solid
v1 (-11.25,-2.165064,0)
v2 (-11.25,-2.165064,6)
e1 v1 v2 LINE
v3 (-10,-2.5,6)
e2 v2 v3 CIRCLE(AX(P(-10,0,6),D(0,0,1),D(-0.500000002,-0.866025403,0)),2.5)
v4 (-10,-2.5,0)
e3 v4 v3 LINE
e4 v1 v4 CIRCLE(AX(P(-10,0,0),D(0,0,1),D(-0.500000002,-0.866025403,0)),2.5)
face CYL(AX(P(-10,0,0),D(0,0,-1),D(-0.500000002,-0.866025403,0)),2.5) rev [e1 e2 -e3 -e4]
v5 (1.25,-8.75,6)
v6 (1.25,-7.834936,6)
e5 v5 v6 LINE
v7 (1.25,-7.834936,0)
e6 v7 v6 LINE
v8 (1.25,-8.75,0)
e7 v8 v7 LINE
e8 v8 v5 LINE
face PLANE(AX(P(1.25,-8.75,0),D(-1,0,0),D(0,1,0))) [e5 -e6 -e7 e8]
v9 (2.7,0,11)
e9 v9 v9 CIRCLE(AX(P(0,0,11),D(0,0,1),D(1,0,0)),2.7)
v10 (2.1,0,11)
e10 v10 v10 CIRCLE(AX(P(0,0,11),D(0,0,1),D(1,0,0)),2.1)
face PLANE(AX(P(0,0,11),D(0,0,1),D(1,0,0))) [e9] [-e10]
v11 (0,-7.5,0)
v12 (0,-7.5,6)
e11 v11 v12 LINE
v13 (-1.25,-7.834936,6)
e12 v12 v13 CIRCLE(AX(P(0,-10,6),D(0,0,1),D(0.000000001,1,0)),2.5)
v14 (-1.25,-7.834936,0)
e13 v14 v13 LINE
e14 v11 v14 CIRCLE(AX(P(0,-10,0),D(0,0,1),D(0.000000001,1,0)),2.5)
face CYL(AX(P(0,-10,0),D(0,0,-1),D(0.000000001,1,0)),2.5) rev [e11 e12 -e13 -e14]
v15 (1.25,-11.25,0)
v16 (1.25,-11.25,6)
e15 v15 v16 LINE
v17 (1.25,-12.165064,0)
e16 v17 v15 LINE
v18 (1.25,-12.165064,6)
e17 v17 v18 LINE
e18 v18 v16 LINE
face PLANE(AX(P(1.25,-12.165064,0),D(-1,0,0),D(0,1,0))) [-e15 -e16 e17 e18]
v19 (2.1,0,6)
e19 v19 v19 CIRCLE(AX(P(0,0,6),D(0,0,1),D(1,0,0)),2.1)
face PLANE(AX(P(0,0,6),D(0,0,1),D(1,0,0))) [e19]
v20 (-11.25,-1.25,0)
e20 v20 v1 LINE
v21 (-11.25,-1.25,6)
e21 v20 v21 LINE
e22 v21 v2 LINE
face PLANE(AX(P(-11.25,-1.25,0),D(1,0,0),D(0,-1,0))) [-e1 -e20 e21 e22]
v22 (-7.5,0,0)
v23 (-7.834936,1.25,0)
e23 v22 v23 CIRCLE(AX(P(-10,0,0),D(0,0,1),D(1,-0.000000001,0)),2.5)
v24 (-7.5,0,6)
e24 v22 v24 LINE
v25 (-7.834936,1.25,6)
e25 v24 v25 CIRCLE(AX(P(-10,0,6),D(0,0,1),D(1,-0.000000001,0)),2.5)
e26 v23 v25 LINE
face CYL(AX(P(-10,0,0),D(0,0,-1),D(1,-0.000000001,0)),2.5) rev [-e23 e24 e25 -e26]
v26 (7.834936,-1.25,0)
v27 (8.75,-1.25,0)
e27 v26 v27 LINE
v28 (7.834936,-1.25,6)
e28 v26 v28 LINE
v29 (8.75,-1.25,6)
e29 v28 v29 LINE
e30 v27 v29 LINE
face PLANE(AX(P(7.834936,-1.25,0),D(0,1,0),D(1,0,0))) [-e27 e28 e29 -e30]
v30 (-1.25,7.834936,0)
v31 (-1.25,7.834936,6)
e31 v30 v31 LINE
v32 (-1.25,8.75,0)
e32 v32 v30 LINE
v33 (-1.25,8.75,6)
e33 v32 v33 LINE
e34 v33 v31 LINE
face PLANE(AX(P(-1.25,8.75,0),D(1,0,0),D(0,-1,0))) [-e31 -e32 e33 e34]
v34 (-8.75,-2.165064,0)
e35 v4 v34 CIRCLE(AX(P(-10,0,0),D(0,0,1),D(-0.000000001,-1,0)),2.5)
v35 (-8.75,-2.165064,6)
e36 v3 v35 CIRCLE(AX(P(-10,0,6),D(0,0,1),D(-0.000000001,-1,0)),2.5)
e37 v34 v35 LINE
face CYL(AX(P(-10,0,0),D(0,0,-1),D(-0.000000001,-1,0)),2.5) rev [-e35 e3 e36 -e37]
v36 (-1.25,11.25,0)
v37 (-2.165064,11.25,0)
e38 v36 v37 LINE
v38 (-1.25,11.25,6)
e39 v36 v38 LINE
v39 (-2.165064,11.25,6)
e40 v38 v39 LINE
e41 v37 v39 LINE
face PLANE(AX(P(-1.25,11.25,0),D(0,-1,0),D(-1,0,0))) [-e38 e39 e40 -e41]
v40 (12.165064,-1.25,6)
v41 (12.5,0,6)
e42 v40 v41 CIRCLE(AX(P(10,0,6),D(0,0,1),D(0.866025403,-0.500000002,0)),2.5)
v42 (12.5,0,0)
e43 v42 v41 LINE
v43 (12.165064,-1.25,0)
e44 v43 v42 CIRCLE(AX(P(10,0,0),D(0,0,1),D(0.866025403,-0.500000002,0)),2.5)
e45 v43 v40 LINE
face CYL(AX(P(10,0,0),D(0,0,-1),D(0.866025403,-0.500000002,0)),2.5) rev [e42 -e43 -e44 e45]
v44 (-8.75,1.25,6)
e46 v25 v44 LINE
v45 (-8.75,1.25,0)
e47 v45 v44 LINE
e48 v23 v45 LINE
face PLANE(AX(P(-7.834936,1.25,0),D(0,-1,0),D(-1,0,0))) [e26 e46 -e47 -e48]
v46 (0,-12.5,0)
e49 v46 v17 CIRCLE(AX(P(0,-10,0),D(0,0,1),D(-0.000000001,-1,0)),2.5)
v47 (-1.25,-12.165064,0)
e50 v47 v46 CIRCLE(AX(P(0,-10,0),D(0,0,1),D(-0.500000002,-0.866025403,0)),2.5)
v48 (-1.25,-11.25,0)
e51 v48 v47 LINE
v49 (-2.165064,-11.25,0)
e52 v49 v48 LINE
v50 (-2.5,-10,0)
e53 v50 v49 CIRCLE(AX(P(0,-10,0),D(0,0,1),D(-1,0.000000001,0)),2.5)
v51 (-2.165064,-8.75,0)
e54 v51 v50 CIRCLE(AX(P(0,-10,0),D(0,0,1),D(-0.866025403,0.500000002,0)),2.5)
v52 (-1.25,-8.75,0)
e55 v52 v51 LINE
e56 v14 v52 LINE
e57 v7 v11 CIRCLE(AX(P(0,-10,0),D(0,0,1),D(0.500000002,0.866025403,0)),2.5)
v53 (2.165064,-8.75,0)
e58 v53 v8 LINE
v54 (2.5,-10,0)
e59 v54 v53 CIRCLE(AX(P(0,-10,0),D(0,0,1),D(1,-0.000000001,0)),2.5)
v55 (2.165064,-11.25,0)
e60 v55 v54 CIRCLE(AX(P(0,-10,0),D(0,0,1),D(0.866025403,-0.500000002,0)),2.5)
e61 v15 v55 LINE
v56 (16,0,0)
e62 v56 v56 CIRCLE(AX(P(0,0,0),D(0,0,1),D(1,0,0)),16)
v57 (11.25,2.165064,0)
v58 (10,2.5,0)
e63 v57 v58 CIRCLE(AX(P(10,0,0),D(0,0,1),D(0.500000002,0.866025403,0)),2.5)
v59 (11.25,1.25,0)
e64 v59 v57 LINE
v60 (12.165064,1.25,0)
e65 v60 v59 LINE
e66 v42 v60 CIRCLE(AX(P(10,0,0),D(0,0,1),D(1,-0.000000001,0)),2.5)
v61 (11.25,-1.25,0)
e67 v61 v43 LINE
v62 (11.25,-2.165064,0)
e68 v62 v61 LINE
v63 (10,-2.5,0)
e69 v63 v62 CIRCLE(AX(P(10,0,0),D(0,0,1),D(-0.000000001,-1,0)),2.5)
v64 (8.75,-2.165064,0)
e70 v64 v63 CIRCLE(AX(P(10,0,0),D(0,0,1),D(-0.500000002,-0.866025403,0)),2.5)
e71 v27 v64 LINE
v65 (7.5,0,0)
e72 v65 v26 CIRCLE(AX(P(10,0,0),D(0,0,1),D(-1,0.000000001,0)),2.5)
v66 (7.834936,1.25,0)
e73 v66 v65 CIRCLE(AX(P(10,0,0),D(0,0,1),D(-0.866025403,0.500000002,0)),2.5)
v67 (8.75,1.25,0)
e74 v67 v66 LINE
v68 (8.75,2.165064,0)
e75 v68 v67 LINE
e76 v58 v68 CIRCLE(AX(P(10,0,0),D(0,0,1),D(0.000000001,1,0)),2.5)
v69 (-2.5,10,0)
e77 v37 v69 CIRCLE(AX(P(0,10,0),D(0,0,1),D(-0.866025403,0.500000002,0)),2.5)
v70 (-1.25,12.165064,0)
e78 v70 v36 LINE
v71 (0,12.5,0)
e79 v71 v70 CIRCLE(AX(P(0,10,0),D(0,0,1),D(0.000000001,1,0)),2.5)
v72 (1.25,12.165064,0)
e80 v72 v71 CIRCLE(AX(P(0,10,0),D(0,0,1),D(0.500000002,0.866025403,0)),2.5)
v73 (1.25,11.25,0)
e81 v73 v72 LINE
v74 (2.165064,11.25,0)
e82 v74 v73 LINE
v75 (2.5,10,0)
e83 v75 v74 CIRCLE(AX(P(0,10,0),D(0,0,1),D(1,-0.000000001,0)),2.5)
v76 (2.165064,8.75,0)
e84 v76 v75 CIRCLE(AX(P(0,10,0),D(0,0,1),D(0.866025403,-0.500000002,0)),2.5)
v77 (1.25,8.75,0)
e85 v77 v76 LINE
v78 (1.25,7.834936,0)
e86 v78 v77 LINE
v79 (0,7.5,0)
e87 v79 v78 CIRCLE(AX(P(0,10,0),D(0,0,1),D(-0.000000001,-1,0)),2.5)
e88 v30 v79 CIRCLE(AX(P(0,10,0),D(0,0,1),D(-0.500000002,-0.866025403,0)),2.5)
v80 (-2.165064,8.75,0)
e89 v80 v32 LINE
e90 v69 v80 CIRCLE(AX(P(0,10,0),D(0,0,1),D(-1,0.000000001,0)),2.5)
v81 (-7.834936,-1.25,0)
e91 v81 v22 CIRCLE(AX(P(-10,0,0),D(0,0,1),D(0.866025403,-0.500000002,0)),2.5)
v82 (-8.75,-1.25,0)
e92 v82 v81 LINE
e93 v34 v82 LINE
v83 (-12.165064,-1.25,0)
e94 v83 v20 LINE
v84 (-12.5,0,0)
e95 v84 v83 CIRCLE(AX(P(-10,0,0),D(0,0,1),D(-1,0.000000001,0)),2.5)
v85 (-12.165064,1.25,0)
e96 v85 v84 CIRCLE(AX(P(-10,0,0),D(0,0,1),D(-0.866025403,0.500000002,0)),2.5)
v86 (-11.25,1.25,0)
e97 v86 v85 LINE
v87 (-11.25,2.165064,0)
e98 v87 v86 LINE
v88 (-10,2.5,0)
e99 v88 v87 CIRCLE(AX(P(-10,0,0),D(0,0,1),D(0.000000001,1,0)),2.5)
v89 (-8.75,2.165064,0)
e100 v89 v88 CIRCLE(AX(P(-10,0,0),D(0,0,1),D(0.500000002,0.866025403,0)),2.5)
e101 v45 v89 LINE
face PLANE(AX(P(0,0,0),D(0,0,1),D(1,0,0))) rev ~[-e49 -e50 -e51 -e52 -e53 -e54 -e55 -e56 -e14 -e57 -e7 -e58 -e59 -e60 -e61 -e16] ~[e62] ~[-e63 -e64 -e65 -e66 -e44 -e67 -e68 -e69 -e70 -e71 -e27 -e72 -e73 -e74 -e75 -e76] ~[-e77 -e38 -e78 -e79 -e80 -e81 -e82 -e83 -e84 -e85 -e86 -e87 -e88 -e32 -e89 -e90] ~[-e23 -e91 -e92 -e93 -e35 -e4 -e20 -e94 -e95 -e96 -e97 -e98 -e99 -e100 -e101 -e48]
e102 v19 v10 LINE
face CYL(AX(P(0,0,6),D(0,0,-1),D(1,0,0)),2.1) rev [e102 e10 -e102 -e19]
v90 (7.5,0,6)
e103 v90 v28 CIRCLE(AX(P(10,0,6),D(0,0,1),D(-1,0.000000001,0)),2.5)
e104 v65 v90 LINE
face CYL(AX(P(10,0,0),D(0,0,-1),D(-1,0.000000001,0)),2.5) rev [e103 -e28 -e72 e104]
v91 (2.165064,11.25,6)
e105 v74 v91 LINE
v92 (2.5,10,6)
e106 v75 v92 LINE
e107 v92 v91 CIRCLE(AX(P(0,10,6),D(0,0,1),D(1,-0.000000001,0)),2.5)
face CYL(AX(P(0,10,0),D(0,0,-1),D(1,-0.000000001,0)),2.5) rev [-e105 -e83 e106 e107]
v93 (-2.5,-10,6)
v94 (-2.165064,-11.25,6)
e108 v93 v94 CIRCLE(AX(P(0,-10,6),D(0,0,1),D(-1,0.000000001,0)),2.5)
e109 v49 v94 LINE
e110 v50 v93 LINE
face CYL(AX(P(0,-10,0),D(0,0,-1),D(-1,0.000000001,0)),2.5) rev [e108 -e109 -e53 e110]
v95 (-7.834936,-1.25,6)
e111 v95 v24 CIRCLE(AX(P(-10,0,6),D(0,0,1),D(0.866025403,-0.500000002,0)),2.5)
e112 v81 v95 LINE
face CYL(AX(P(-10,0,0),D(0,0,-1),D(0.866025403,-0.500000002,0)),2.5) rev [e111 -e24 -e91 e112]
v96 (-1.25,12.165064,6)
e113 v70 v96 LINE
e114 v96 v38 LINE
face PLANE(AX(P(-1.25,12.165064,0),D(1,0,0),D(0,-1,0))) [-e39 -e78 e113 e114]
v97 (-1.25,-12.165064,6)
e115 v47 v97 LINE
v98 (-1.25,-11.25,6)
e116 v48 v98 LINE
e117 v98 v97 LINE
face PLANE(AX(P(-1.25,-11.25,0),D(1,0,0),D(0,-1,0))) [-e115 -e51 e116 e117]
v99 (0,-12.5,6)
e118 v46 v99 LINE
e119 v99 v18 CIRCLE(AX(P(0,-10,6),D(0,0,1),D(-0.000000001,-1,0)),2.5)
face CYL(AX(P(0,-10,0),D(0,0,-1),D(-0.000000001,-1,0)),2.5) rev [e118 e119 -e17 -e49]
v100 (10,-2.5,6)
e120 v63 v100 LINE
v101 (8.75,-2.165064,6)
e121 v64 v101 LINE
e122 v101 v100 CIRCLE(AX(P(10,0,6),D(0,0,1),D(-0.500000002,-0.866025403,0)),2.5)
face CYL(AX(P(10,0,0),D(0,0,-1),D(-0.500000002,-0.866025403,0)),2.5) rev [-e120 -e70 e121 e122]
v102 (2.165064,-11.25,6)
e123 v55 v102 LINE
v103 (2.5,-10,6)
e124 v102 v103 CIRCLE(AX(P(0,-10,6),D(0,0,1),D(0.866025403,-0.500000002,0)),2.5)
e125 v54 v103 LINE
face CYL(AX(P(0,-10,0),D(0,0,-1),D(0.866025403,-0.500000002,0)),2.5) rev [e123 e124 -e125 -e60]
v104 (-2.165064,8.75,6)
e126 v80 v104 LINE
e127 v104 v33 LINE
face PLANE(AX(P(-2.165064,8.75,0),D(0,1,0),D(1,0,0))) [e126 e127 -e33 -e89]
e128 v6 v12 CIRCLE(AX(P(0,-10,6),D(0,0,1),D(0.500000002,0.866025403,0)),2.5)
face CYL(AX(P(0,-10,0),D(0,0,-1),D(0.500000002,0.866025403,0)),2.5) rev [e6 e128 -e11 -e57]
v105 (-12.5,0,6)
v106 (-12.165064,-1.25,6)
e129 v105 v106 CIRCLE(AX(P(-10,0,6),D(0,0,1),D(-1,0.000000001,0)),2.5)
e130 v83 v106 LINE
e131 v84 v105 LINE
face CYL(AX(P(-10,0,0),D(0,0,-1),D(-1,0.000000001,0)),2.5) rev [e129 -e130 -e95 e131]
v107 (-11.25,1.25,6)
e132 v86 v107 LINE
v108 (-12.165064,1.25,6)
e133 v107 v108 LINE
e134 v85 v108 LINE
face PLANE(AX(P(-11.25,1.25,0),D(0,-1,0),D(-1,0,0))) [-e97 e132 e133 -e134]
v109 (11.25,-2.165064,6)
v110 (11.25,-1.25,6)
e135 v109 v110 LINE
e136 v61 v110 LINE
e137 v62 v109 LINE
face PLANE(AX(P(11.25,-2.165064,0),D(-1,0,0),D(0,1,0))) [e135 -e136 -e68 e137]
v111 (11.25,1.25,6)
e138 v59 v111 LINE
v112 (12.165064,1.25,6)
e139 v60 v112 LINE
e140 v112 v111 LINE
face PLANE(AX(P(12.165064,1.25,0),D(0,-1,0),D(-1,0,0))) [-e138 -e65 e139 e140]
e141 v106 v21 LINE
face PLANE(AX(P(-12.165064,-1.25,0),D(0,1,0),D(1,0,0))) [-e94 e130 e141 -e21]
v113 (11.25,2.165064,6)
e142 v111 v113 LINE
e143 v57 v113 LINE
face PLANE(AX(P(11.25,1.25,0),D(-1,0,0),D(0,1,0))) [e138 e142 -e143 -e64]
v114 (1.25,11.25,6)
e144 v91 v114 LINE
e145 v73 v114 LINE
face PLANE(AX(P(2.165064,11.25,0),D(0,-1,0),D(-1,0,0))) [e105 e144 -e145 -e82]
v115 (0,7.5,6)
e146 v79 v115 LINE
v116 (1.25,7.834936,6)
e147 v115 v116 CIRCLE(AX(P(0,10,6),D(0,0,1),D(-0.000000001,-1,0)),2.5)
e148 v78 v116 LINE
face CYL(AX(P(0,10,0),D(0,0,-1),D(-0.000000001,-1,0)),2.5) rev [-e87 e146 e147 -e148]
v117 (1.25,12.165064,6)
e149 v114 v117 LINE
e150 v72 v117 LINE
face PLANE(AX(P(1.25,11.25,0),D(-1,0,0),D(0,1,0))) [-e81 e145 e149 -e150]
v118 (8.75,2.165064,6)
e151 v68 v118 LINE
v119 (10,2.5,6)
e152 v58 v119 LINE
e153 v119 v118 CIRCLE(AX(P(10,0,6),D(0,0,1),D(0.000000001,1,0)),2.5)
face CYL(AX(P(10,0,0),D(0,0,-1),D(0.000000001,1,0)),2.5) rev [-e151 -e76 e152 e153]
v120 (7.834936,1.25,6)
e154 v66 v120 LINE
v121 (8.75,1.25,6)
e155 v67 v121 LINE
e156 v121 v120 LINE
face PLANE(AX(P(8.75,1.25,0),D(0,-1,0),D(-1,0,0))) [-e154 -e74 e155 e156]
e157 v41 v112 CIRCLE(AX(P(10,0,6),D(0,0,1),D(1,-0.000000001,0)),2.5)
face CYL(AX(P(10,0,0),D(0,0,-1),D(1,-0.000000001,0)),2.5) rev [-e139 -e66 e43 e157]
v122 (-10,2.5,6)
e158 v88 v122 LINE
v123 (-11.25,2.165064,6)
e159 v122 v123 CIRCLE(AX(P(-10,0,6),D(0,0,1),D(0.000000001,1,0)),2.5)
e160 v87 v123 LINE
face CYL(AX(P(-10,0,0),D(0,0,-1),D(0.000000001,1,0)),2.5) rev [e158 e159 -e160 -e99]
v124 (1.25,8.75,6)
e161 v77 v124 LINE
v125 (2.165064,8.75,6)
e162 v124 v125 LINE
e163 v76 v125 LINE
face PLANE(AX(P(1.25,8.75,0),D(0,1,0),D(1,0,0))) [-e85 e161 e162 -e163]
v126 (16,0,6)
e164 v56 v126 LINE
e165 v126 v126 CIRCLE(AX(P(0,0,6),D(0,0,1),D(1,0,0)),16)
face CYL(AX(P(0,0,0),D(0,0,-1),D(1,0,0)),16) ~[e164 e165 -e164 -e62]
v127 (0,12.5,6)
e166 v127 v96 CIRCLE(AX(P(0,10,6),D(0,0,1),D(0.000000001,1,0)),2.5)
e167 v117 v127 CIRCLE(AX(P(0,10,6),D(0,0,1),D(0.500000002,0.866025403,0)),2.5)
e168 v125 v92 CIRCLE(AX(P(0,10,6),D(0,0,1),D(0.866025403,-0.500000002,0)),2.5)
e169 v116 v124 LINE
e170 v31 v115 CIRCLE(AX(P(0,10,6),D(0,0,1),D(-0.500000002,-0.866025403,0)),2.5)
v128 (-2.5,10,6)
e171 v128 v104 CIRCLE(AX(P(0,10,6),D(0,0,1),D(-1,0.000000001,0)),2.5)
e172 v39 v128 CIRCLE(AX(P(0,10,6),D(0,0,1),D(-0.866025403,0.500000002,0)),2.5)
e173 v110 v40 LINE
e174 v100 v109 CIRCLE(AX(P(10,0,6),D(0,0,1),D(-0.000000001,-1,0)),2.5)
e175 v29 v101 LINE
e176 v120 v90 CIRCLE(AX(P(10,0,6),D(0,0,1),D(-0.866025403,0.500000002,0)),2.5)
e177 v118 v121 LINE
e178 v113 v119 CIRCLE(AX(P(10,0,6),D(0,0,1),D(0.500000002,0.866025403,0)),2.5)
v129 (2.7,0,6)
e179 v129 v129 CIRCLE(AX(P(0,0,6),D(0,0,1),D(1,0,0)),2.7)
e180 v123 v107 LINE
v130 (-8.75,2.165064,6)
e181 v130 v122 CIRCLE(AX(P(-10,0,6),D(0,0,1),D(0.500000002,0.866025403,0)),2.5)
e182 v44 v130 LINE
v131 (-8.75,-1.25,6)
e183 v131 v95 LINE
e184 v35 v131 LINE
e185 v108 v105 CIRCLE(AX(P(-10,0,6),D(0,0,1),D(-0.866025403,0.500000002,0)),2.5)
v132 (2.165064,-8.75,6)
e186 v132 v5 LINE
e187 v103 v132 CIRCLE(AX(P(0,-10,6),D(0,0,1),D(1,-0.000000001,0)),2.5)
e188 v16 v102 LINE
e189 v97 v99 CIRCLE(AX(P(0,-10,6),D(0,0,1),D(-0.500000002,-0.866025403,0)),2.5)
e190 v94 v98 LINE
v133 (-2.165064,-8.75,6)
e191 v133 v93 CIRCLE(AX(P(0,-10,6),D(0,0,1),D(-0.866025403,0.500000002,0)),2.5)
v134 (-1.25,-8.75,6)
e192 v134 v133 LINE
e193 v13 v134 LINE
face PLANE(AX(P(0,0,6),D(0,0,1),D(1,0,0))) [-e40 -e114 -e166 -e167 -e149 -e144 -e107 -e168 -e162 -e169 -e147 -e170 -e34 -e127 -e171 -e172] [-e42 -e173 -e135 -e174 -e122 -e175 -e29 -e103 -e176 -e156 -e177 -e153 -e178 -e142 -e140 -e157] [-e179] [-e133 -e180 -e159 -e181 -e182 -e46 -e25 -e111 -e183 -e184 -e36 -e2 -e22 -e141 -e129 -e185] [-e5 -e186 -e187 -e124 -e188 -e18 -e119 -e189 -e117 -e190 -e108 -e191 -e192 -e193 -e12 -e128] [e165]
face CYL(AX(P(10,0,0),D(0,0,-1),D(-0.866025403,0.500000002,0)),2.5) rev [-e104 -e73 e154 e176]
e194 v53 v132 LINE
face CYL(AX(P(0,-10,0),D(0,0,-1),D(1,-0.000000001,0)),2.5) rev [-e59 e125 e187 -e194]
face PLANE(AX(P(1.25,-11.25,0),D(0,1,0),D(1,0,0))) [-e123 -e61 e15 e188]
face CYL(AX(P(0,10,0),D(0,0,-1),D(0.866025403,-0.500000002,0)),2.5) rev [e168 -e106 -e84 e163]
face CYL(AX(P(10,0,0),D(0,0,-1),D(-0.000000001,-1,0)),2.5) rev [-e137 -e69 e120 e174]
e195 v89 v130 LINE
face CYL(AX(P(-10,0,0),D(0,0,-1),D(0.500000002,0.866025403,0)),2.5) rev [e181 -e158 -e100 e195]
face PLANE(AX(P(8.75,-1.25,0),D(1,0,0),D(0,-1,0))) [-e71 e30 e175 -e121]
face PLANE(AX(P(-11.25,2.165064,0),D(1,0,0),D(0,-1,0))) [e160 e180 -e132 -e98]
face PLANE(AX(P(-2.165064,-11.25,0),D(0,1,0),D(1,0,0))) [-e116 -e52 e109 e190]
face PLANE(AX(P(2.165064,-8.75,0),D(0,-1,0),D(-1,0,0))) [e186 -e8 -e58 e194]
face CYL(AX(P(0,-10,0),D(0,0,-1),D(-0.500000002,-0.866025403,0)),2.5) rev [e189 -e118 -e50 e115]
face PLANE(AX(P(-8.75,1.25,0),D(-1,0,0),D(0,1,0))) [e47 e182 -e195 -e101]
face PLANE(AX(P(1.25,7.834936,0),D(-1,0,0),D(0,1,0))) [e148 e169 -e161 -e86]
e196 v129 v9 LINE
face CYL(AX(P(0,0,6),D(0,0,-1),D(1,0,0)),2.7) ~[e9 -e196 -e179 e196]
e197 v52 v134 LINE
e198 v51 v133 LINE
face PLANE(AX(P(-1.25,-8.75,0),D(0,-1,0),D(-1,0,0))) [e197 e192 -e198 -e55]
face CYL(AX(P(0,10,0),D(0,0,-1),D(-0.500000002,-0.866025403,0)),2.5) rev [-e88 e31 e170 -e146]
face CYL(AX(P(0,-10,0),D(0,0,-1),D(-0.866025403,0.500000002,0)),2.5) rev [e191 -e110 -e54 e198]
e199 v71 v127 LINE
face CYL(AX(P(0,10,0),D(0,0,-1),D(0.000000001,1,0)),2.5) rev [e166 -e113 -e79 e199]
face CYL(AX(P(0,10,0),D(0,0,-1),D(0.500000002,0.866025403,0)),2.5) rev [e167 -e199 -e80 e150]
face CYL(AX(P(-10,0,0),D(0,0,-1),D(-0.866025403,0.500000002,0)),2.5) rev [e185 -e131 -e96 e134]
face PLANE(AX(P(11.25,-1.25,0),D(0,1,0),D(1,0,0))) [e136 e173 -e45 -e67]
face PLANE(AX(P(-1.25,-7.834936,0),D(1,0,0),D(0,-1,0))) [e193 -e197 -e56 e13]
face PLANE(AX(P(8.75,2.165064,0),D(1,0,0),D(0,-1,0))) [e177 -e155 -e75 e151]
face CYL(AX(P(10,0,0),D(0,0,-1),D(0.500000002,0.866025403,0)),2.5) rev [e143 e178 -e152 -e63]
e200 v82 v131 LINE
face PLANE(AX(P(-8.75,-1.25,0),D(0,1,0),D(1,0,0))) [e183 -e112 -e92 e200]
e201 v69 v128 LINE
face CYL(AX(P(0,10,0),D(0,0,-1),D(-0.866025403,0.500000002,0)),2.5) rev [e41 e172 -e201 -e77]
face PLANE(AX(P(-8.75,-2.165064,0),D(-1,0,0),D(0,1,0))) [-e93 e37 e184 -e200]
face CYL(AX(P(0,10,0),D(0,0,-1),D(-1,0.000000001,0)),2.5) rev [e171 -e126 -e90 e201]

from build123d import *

# Parameters (mm, degrees)
CROQUIS1_R              = 16
SALIENTE_EXTRUIR1_DEPTH = 6
CROQUIS2_R              = 2.7
CROQUIS2_R_2            = 2.1
SALIENTE_EXTRUIR2_DEPTH = 5


with BuildPart() as part:
    # Croquis1 → Saliente-Extruir1 (new body)
    with BuildSketch(Plane.XY):
        Circle(CROQUIS1_R)
        with BuildLine():
            Line((2.165063509, 11.25), (1.25, 11.25))
            Line((1.25, 11.25), (1.25, 12.165063509))
            ThreePointArc((1.25, 12.165063509), (0.647047613, 12.414814566), (0, 12.5))
            ThreePointArc((0, 12.5), (-0.647047613, 12.414814566), (-1.25, 12.165063509))
            Line((-1.25, 12.165063509), (-1.25, 11.25))
            Line((-1.25, 11.25), (-2.165063509, 11.25))
            ThreePointArc((-2.165063509, 11.25), (-2.414814566, 10.647047613), (-2.5, 10))
            ThreePointArc((-2.5, 10), (-2.414814566, 9.352952387), (-2.165063509, 8.75))
            Line((-2.165063509, 8.75), (-1.25, 8.75))
            Line((-1.25, 8.75), (-1.25, 7.834936491))
            ThreePointArc((-1.25, 7.834936491), (-0.647047613, 7.585185434), (0, 7.5))
            ThreePointArc((0, 7.5), (0.647047613, 7.585185434), (1.25, 7.834936491))
            Line((1.25, 7.834936491), (1.25, 8.75))
            Line((1.25, 8.75), (2.165063509, 8.75))
            ThreePointArc((2.165063509, 8.75), (2.414814566, 9.352952387), (2.5, 10))
            ThreePointArc((2.5, 10), (2.414814566, 10.647047613), (2.165063509, 11.25))
        make_face(mode=Mode.SUBTRACT)
        with BuildLine():
            Line((11.25, -1.25), (12.165063509, -1.25))
            ThreePointArc((12.165063509, -1.25), (12.414814566, -0.647047613), (12.5, 0))
            ThreePointArc((12.5, 0), (12.414814566, 0.647047613), (12.165063509, 1.25))
            Line((12.165063509, 1.25), (11.25, 1.25))
            Line((11.25, 1.25), (11.25, 2.165063509))
            ThreePointArc((11.25, 2.165063509), (10.647047613, 2.414814566), (10, 2.5))
            ThreePointArc((10, 2.5), (9.352952387, 2.414814566), (8.75, 2.165063509))
            Line((8.75, 2.165063509), (8.75, 1.25))
            Line((8.75, 1.25), (7.834936491, 1.25))
            ThreePointArc((7.834936491, 1.25), (7.585185434, 0.647047613), (7.5, 0))
            ThreePointArc((7.5, 0), (7.585185434, -0.647047613), (7.834936491, -1.25))
            Line((7.834936491, -1.25), (8.75, -1.25))
            Line((8.75, -1.25), (8.75, -2.165063509))
            ThreePointArc((8.75, -2.165063509), (9.352952387, -2.414814566), (10, -2.5))
            ThreePointArc((10, -2.5), (10.647047613, -2.414814566), (11.25, -2.165063509))
            Line((11.25, -2.165063509), (11.25, -1.25))
        make_face(mode=Mode.SUBTRACT)
        with BuildLine():
            Line((-1.25, -11.25), (-1.25, -12.165063509))
            ThreePointArc((-1.25, -12.165063509), (-0.647047613, -12.414814566), (0, -12.5))
            ThreePointArc((0, -12.5), (0.647047613, -12.414814566), (1.25, -12.165063509))
            Line((1.25, -12.165063509), (1.25, -11.25))
            Line((1.25, -11.25), (2.165063509, -11.25))
            ThreePointArc((2.165063509, -11.25), (2.414814566, -10.647047613), (2.5, -10))
            ThreePointArc((2.5, -10), (2.414814566, -9.352952387), (2.165063509, -8.75))
            Line((2.165063509, -8.75), (1.25, -8.75))
            Line((1.25, -8.75), (1.25, -7.834936491))
            ThreePointArc((1.25, -7.834936491), (0.647047613, -7.585185434), (0, -7.5))
            ThreePointArc((0, -7.5), (-0.647047613, -7.585185434), (-1.25, -7.834936491))
            Line((-1.25, -7.834936491), (-1.25, -8.75))
            Line((-1.25, -8.75), (-2.165063509, -8.75))
            ThreePointArc((-2.165063509, -8.75), (-2.414814566, -9.352952387), (-2.5, -10))
            ThreePointArc((-2.5, -10), (-2.414814566, -10.647047613), (-2.165063509, -11.25))
            Line((-2.165063509, -11.25), (-1.25, -11.25))
        make_face(mode=Mode.SUBTRACT)
        with BuildLine():
            Line((-11.25, 1.25), (-12.165063509, 1.25))
            ThreePointArc((-12.165063509, 1.25), (-12.414814566, 0.647047613), (-12.5, 0))
            ThreePointArc((-12.5, 0), (-12.414814566, -0.647047613), (-12.165063509, -1.25))
            Line((-12.165063509, -1.25), (-11.25, -1.25))
            Line((-11.25, -1.25), (-11.25, -2.165063509))
            ThreePointArc((-11.25, -2.165063509), (-10.647047613, -2.414814566), (-10, -2.5))
            ThreePointArc((-10, -2.5), (-9.352952387, -2.414814566), (-8.75, -2.165063509))
            Line((-8.75, -2.165063509), (-8.75, -1.25))
            Line((-8.75, -1.25), (-7.834936491, -1.25))
            ThreePointArc((-7.834936491, -1.25), (-7.585185434, -0.647047613), (-7.5, 0))
            ThreePointArc((-7.5, 0), (-7.585185434, 0.647047613), (-7.834936491, 1.25))
            Line((-7.834936491, 1.25), (-8.75, 1.25))
            Line((-8.75, 1.25), (-8.75, 2.165063509))
            ThreePointArc((-8.75, 2.165063509), (-9.352952387, 2.414814566), (-10, 2.5))
            ThreePointArc((-10, 2.5), (-10.647047613, 2.414814566), (-11.25, 2.165063509))
            Line((-11.25, 2.165063509), (-11.25, 1.25))
        make_face(mode=Mode.SUBTRACT)
    extrude(amount=SALIENTE_EXTRUIR1_DEPTH)

    # Croquis2 → Saliente-Extruir2 (add)
    with BuildSketch(Plane.XY.offset(6)):
        Circle(CROQUIS2_R)
        Circle(CROQUIS2_R_2, mode=Mode.SUBTRACT)
    extrude(amount=SALIENTE_EXTRUIR2_DEPTH)


solid = part.part
